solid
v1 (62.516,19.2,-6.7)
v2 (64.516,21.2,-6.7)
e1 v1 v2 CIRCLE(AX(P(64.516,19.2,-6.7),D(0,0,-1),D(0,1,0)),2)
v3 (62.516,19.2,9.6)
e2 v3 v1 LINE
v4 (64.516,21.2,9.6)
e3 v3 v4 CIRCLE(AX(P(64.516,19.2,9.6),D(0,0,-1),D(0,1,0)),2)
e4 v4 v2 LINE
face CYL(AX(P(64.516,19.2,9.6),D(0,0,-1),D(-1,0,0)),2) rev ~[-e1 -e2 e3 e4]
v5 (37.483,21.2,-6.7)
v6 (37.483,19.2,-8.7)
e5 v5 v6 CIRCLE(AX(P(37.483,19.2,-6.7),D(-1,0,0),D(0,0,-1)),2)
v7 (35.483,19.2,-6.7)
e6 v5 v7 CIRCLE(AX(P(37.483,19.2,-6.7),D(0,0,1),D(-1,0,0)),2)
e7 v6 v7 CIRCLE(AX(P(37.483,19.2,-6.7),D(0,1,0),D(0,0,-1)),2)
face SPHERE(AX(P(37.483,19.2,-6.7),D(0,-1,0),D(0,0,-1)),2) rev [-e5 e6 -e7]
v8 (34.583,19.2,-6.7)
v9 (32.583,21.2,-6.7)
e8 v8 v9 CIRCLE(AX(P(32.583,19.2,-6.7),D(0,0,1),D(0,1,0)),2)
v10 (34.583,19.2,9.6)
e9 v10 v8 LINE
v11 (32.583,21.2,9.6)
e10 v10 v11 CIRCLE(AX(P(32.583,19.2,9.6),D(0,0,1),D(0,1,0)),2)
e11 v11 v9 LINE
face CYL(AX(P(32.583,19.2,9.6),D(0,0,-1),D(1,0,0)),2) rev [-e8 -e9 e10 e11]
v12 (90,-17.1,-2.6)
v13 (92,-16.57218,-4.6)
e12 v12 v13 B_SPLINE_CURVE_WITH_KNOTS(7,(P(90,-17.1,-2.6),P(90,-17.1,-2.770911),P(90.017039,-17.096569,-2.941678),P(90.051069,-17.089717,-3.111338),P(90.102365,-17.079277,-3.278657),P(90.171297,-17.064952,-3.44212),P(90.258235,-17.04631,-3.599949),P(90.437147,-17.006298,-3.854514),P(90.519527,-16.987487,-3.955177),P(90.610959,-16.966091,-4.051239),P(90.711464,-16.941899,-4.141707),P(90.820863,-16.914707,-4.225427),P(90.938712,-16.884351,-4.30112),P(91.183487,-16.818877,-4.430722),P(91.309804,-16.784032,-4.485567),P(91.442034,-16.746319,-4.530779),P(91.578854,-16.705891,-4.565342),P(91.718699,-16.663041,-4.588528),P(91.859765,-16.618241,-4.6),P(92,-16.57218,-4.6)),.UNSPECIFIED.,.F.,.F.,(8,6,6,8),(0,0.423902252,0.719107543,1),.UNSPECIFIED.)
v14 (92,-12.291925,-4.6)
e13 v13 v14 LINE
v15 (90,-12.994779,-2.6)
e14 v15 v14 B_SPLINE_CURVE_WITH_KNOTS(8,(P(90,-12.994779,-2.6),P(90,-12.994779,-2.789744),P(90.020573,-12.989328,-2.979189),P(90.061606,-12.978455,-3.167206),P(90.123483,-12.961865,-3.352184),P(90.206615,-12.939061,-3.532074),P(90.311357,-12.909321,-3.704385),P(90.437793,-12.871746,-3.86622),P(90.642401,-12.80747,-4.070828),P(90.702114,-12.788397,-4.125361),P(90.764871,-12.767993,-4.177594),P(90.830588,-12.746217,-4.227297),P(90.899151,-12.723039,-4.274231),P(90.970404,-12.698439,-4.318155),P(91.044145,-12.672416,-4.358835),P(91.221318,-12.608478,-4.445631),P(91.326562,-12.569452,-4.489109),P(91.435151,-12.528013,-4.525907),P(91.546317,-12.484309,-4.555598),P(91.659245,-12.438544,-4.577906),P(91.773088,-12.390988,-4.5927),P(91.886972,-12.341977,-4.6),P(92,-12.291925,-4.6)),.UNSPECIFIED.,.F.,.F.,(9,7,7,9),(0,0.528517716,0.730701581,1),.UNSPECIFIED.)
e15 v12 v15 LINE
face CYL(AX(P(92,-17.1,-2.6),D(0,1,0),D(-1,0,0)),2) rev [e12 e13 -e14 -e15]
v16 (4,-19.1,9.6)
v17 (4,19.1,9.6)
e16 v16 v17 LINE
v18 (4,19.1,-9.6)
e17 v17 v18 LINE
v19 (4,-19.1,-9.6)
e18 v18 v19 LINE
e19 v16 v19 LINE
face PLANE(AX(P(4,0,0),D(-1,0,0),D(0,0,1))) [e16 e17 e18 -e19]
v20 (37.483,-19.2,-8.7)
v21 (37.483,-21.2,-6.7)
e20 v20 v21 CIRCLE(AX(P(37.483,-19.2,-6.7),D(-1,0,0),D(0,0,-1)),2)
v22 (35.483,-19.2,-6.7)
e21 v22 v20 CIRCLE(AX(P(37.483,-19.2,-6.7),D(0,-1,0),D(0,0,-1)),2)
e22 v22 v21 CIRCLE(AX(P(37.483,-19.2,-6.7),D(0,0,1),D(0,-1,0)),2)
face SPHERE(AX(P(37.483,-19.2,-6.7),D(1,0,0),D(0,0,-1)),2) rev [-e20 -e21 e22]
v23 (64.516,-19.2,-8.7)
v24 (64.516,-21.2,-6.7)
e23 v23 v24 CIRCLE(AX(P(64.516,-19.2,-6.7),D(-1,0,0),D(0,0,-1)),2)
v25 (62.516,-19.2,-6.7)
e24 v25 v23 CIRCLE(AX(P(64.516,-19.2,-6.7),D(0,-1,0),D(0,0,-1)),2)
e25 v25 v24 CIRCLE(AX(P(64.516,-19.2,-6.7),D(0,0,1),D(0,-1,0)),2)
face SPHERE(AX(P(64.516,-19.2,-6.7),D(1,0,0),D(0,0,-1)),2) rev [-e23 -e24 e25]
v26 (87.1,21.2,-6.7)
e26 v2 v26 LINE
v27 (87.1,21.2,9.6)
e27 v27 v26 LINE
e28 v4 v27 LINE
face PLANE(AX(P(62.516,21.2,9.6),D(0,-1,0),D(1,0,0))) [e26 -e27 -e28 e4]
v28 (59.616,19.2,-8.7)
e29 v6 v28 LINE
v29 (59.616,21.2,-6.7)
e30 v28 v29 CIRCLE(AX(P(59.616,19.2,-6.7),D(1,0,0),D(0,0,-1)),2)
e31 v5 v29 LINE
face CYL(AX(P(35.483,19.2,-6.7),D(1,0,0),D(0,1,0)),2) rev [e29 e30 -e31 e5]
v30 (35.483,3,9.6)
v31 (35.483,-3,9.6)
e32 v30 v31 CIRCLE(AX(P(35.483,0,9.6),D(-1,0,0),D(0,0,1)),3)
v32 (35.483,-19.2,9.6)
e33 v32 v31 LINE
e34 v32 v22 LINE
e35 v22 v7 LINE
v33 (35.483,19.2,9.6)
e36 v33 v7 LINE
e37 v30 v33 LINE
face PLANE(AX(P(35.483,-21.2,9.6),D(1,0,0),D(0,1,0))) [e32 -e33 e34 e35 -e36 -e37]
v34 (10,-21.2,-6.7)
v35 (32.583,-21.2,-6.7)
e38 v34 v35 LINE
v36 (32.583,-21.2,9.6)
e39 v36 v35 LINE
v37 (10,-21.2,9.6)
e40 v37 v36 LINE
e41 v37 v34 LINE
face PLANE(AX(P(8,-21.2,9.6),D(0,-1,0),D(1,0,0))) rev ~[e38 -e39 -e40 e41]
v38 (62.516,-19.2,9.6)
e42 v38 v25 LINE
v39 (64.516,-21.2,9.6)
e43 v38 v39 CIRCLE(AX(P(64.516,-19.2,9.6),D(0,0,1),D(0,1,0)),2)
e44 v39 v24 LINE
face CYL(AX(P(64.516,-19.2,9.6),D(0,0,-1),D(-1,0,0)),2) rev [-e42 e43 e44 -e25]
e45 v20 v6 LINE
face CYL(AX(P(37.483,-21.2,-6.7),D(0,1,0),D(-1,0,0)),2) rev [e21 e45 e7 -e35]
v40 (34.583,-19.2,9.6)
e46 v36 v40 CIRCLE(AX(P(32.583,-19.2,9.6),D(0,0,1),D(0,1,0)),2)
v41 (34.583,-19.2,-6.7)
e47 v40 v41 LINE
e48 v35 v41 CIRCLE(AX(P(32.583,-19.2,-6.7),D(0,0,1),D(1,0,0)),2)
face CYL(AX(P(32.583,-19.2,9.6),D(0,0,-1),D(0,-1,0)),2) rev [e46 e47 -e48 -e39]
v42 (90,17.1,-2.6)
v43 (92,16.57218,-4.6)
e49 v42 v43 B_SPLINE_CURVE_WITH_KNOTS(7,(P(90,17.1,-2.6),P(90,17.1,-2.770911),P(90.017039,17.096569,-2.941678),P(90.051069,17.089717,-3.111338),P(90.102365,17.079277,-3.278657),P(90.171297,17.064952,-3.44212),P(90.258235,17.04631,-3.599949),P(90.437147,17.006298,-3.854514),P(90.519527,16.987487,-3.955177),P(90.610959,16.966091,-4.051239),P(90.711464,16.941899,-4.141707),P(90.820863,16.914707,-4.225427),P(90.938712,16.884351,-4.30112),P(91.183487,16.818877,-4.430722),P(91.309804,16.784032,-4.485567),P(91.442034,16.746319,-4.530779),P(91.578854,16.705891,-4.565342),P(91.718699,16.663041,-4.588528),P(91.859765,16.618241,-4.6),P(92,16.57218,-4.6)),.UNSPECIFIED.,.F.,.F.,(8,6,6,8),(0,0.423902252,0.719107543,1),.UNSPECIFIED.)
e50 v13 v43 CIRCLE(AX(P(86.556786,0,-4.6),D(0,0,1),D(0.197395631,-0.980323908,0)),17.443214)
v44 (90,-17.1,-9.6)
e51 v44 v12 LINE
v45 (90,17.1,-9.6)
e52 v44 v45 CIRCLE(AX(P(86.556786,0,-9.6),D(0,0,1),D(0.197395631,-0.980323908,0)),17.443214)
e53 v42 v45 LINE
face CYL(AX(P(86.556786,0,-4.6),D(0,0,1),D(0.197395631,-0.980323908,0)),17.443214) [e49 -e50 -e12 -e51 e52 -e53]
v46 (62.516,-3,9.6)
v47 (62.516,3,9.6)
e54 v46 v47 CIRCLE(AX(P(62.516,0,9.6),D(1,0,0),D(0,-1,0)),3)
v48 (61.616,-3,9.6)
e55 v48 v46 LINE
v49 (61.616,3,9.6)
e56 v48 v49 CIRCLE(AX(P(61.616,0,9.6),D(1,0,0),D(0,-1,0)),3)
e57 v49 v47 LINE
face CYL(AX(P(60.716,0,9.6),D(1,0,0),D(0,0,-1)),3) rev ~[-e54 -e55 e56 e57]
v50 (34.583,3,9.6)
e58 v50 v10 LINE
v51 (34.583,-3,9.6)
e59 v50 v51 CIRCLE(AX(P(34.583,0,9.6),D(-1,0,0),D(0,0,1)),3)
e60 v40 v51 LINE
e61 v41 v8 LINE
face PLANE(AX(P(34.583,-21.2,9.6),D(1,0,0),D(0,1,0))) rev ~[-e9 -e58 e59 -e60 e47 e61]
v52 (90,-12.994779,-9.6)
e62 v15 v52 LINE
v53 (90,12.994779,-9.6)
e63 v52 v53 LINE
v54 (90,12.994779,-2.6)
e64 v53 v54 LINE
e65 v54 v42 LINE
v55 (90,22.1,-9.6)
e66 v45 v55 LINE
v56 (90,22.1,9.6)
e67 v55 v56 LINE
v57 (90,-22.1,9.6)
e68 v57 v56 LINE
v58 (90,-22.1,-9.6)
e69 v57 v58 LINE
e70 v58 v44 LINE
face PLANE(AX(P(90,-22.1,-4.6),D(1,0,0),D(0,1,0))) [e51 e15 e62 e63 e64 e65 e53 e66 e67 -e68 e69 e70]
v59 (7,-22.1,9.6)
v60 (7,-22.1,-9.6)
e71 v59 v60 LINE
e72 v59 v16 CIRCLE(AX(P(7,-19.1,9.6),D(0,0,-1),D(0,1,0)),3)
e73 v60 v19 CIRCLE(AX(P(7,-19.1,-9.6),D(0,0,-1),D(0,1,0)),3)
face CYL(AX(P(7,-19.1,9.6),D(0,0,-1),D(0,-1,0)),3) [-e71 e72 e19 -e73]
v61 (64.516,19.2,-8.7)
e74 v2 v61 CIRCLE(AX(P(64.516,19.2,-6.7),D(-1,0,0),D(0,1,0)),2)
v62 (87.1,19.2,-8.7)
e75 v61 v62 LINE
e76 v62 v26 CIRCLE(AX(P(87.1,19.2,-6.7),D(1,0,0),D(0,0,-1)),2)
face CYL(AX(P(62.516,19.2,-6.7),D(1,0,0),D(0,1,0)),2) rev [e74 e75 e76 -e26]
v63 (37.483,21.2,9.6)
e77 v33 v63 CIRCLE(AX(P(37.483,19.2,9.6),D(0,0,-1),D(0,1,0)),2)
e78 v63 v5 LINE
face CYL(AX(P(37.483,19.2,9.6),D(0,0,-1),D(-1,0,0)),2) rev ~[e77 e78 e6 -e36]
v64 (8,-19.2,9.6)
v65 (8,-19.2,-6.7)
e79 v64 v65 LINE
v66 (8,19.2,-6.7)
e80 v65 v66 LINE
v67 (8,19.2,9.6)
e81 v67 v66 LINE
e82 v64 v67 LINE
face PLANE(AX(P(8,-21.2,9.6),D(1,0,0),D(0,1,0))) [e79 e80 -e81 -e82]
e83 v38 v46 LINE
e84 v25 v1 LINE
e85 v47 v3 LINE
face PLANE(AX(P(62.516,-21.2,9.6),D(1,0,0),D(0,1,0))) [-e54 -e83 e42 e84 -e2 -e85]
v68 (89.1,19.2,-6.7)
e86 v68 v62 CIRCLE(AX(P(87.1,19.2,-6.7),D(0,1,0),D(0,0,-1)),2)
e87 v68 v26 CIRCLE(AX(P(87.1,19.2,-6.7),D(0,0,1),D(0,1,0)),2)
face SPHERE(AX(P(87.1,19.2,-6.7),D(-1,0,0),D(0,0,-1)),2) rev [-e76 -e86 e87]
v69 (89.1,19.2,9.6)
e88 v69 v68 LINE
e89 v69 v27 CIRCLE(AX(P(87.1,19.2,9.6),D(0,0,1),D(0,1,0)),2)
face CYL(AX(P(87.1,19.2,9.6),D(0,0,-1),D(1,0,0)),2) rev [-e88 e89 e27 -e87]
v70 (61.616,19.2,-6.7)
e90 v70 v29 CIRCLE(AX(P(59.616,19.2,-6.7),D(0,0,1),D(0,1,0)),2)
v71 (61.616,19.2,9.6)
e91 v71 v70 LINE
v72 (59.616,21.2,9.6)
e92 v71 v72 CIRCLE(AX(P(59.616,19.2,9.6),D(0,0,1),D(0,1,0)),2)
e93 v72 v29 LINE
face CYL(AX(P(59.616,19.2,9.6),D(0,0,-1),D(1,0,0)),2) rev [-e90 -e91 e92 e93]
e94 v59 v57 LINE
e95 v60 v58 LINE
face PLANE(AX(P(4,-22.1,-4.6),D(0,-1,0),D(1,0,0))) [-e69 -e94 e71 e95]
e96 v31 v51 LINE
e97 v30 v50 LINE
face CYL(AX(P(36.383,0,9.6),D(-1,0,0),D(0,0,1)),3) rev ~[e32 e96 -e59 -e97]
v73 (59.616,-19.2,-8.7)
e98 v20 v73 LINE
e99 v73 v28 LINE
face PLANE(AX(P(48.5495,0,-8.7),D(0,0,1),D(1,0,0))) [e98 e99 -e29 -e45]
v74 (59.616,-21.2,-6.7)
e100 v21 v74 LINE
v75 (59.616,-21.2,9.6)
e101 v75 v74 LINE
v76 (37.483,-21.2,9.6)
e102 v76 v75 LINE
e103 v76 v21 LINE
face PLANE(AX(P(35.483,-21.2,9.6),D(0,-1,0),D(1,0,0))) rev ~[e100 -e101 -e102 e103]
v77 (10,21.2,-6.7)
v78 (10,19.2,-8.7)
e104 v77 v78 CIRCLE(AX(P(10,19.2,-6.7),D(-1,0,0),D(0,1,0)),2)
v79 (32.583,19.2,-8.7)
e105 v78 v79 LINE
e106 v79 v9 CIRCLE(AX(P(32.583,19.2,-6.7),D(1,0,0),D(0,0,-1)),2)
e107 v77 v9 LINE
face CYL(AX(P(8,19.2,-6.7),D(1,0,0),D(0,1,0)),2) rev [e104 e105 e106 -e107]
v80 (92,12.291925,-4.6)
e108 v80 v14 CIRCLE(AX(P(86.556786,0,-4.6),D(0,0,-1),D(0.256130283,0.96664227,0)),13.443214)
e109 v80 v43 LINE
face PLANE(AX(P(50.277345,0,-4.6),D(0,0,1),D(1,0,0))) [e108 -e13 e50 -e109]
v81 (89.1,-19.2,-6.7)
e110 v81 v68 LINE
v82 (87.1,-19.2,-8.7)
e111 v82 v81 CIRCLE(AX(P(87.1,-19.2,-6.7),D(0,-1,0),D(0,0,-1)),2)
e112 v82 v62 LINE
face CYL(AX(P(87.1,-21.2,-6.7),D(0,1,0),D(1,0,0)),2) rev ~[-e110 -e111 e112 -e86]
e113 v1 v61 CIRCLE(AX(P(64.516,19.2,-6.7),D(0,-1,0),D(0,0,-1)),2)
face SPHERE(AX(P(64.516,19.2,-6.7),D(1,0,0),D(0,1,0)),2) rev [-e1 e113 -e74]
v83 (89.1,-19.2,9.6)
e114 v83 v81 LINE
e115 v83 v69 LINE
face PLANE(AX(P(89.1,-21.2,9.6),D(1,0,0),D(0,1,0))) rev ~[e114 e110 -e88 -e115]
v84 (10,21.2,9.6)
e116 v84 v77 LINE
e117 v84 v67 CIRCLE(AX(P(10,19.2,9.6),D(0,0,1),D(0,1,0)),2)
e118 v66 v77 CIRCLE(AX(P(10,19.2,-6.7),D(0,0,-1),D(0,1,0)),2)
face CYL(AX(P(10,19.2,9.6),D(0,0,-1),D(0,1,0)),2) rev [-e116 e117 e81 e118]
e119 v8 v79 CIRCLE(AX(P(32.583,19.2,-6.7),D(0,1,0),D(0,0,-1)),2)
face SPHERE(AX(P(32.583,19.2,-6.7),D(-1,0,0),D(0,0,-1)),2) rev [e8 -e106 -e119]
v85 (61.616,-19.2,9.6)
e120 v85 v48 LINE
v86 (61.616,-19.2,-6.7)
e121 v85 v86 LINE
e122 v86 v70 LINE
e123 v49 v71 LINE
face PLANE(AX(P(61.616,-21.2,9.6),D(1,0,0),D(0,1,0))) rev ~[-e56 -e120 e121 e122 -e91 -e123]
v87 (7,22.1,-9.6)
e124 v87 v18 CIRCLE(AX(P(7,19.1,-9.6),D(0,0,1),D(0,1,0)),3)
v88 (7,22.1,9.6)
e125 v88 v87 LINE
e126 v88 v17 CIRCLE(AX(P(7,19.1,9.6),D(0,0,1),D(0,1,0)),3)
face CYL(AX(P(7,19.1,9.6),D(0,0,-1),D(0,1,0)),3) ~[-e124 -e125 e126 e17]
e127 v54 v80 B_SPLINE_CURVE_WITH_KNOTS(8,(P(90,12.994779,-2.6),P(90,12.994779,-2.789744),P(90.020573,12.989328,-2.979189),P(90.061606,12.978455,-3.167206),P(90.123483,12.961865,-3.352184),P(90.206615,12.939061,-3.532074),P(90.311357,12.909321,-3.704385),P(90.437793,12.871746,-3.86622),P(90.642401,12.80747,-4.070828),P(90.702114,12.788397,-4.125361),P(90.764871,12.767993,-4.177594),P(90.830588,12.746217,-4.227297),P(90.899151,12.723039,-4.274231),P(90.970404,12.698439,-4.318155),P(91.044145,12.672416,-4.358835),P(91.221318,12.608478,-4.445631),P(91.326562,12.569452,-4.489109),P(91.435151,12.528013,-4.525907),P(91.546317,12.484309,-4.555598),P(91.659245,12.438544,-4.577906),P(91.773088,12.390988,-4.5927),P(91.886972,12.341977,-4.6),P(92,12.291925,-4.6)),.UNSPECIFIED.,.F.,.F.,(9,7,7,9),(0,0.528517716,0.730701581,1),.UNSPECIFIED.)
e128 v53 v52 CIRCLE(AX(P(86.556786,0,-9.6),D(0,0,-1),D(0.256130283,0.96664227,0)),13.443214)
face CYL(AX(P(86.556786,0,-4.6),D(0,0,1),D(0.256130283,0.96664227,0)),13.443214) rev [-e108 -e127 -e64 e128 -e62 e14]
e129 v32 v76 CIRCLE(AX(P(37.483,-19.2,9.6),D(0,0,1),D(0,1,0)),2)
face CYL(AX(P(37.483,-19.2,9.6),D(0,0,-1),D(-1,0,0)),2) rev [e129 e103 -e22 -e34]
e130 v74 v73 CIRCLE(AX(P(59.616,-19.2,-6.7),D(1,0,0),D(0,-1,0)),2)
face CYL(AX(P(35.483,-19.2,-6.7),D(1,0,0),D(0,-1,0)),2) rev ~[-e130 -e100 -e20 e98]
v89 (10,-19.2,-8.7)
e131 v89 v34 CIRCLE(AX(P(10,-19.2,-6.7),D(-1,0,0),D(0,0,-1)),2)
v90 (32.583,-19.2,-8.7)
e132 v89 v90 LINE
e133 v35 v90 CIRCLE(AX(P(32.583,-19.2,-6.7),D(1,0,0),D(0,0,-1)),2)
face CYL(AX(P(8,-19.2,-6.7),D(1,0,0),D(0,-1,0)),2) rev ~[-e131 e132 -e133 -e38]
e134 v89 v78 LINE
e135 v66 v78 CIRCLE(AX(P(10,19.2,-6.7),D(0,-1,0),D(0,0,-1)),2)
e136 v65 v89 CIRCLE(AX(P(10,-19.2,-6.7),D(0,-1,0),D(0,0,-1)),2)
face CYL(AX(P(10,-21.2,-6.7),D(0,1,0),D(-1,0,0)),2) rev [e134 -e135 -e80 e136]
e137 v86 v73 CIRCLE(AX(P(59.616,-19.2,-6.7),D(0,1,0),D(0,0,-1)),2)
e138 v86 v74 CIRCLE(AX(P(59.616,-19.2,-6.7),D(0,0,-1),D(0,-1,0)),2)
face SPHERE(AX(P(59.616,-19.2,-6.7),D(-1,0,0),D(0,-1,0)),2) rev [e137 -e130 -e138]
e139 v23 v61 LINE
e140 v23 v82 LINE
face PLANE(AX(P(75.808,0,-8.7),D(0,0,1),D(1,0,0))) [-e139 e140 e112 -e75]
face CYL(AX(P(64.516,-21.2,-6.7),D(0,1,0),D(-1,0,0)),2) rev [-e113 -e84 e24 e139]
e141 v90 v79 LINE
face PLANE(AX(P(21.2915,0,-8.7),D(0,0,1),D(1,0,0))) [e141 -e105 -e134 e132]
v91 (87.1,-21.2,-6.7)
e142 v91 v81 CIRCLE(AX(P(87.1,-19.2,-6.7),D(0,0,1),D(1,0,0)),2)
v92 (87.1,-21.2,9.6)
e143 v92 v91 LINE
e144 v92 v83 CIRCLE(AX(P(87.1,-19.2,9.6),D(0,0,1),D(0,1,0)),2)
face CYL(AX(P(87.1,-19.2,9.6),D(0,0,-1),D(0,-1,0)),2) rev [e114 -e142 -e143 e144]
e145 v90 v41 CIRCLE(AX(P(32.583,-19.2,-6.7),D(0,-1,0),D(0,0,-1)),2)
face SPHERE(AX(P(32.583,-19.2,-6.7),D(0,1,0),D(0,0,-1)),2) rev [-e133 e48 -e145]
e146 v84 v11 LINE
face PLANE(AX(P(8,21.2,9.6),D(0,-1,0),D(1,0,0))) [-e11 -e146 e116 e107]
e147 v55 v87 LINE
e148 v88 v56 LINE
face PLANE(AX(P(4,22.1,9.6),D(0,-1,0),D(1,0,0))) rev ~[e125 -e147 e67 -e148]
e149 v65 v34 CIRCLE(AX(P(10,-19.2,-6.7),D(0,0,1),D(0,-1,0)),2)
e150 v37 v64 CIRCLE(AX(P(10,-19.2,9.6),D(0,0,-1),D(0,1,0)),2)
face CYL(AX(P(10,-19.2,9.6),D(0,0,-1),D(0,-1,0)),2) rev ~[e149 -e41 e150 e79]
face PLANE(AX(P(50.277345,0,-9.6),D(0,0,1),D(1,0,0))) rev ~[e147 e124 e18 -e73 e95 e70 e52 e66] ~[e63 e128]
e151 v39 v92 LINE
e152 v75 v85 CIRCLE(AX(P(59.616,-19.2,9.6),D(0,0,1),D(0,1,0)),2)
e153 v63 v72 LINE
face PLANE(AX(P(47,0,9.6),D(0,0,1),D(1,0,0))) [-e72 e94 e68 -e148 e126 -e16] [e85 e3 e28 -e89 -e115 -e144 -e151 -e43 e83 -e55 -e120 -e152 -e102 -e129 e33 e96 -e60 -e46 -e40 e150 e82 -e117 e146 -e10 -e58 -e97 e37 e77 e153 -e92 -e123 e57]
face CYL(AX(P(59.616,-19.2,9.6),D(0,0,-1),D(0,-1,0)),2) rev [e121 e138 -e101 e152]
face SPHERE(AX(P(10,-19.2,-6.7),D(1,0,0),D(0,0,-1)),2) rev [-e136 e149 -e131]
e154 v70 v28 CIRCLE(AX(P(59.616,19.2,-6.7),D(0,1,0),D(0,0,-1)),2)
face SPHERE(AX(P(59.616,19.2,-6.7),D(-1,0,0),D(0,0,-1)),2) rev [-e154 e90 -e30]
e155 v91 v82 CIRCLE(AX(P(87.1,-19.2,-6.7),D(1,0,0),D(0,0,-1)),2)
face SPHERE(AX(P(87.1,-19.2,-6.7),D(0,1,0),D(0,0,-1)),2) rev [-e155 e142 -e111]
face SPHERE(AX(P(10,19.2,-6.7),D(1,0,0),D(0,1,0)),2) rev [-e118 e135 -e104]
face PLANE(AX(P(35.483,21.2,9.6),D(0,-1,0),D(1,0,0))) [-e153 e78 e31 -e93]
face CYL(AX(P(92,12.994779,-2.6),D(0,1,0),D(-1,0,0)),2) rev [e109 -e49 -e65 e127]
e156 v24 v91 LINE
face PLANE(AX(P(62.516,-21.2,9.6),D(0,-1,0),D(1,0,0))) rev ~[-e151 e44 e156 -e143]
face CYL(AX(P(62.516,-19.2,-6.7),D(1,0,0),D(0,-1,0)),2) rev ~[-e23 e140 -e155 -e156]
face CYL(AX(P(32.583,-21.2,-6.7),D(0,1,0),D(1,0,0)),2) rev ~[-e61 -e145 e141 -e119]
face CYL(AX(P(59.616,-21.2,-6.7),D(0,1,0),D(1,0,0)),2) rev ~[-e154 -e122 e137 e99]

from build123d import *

# Parameters (mm, degrees)
SKETCH_1_W                  = 86
SKETCH_1_H                  = 44.2
EXTRUDE_1_DEPTH             = 14.2
EXTRUDE_2_DEPTH             = 5
SKETCH_3_W                  = 26.584
SKETCH_3_H                  = 42.4
CUT_EXTRUDE_1_DEPTH         = 18.3
SKETCH_4_W                  = 26.583
SKETCH_4_H                  = 42.4
CUT_EXTRUDE_2_DEPTH         = 18.3
SKETCH_5_W                  = 26.133
SKETCH_5_H                  = 42.4
CUT_EXTRUDE_3_DEPTH         = 18.3
HOLE_WIZARD_8_3_8_3_1_D     = 8.3
HOLE_WIZARD_8_3_8_3_1_DEPTH = 3.2
HOLE_WIZARD_6_0_6_1_D       = 6
HOLE_WIZARD_6_0_6_1_DEPTH   = 0.9
HOLE_WIZARD_6_0_6_2_D       = 6
HOLE_WIZARD_6_0_6_2_DEPTH   = 0.9
FILLET_1_R                  = 3
EXTRUDE_START               = -3.5
SKETCH_12_R                 = 4.15
EXTRUDE_3_DEPTH             = 3.5
FILLET_2_R                  = 2


with BuildPart() as part:
    # Эскиз1 → Бобышка-Вытянуть1 (new body)
    with BuildSketch(Plane.XY.offset(9.6)):
        with Locations((47, 0)):
            Rectangle(SKETCH_1_W, SKETCH_1_H)
    extrude(amount=-EXTRUDE_1_DEPTH)

    # Эскиз2 → Бобышка-Вытянуть2 (add)
    with BuildSketch(Plane(origin=(0, 0, -4.6), x_dir=(-1, 0, 0), z_dir=(0, 0, -1))):
        with BuildLine():
            Line((-90, -22.1), (-90, -17.1))
            ThreePointArc((-90, -17.1), (-104, 0), (-90, 17.1))
            Line((-90, 17.1), (-90, 22.1))
            Line((-90, 22.1), (-4, 22.1))
            Line((-4, 22.1), (-4, -22.1))
            Line((-4, -22.1), (-90, -22.1))
        make_face()
        with BuildLine():
            Line((-90, -12.994779171), (-90, 12.994779171))
            ThreePointArc((-90, 12.994779171), (-100, 0), (-90, -12.994779171))
        make_face(mode=Mode.SUBTRACT)
    extrude(amount=EXTRUDE_2_DEPTH)

    # Эскиз3 → Вырез-Вытянуть1 (cut)
    with BuildSketch(Plane.XY.offset(9.6)):
        with Locations((75.808, 0)):
            Rectangle(SKETCH_3_W, SKETCH_3_H)
    extrude(amount=-CUT_EXTRUDE_1_DEPTH, mode=Mode.SUBTRACT)

    # Эскиз4 → Вырез-Вытянуть2 (cut)
    with BuildSketch(Plane.XY.offset(9.6)):
        with Locations((21.2915, 0)):
            Rectangle(SKETCH_4_W, SKETCH_4_H)
    extrude(amount=-CUT_EXTRUDE_2_DEPTH, mode=Mode.SUBTRACT)

    # Эскиз5 → Вырез-Вытянуть3 (cut)
    with BuildSketch(Plane.XY.offset(9.6)):
        with Locations((48.5495, 0)):
            Rectangle(SKETCH_5_W, SKETCH_5_H)
    extrude(amount=-CUT_EXTRUDE_3_DEPTH, mode=Mode.SUBTRACT)

    # Диаметр отверстия Ø8.3 (8.3)1
    with Locations(Plane.ZY.offset(-4)):
        with Locations((0, 0)):
            Hole(HOLE_WIZARD_8_3_8_3_1_D / 2, depth=HOLE_WIZARD_8_3_8_3_1_DEPTH)

    # Диаметр отверстия Ø6.0 (6)1
    with Locations(Plane.ZY.offset(-61.616)):
        with Locations((9.6, 0)):
            Hole(HOLE_WIZARD_6_0_6_1_D / 2, depth=HOLE_WIZARD_6_0_6_1_DEPTH)

    # Диаметр отверстия Ø6.0 (6)2
    with Locations(Plane(origin=(35.483, 0, 0), x_dir=(0, 0, -1), z_dir=(1, 0, 0))):
        with Locations((-9.6, 0)):
            Hole(HOLE_WIZARD_6_0_6_2_D / 2, depth=HOLE_WIZARD_6_0_6_2_DEPTH)

    # Скругление1
    fillet_1_edges = [part.edges().sort_by_distance(p)[0] for p in [
        (4, -22.1, 0),
        (4, 22.1, 0),
    ]]
    fillet(fillet_1_edges, radius=FILLET_1_R)

    # Эскиз12 → Бобышка-Вытянуть3 (add)
    with BuildSketch(Plane.ZY.offset(-4).offset(EXTRUDE_START)):
        Circle(SKETCH_12_R)
    extrude(amount=EXTRUDE_3_DEPTH)

    # Скругление2
    fillet_2_edges = [part.edges().sort_by_distance(p)[0] for p in [
        (90, -15.047389586, -4.6),
        (90, 15.047389586, -4.6),
        (75.808, 21.2, -8.7),
        (62.516, 21.2, 0.45),
        (89.1, 0, -8.7),
        (89.1, 21.2, 0.45),
        (75.808, -21.2, -8.7),
        (89.1, -21.2, 0.45),
        (62.516, 0, -8.7),
        (62.516, -21.2, 0.45),
        (21.2915, 21.2, -8.7),
        (8, 21.2, 0.45),
        (34.583, 0, -8.7),
        (34.583, 21.2, 0.45),
        (21.2915, -21.2, -8.7),
        (34.583, -21.2, 0.45),
        (8, 0, -8.7),
        (8, -21.2, 0.45),
        (48.5495, -21.2, -8.7),
        (61.616, -21.2, 0.45),
        (35.483, 0, -8.7),
        (35.483, -21.2, 0.45),
        (48.5495, 21.2, -8.7),
        (35.483, 21.2, 0.45),
        (61.616, 0, -8.7),
        (61.616, 21.2, 0.45),
    ]]
    fillet(fillet_2_edges, radius=FILLET_2_R)


solid = part.part
